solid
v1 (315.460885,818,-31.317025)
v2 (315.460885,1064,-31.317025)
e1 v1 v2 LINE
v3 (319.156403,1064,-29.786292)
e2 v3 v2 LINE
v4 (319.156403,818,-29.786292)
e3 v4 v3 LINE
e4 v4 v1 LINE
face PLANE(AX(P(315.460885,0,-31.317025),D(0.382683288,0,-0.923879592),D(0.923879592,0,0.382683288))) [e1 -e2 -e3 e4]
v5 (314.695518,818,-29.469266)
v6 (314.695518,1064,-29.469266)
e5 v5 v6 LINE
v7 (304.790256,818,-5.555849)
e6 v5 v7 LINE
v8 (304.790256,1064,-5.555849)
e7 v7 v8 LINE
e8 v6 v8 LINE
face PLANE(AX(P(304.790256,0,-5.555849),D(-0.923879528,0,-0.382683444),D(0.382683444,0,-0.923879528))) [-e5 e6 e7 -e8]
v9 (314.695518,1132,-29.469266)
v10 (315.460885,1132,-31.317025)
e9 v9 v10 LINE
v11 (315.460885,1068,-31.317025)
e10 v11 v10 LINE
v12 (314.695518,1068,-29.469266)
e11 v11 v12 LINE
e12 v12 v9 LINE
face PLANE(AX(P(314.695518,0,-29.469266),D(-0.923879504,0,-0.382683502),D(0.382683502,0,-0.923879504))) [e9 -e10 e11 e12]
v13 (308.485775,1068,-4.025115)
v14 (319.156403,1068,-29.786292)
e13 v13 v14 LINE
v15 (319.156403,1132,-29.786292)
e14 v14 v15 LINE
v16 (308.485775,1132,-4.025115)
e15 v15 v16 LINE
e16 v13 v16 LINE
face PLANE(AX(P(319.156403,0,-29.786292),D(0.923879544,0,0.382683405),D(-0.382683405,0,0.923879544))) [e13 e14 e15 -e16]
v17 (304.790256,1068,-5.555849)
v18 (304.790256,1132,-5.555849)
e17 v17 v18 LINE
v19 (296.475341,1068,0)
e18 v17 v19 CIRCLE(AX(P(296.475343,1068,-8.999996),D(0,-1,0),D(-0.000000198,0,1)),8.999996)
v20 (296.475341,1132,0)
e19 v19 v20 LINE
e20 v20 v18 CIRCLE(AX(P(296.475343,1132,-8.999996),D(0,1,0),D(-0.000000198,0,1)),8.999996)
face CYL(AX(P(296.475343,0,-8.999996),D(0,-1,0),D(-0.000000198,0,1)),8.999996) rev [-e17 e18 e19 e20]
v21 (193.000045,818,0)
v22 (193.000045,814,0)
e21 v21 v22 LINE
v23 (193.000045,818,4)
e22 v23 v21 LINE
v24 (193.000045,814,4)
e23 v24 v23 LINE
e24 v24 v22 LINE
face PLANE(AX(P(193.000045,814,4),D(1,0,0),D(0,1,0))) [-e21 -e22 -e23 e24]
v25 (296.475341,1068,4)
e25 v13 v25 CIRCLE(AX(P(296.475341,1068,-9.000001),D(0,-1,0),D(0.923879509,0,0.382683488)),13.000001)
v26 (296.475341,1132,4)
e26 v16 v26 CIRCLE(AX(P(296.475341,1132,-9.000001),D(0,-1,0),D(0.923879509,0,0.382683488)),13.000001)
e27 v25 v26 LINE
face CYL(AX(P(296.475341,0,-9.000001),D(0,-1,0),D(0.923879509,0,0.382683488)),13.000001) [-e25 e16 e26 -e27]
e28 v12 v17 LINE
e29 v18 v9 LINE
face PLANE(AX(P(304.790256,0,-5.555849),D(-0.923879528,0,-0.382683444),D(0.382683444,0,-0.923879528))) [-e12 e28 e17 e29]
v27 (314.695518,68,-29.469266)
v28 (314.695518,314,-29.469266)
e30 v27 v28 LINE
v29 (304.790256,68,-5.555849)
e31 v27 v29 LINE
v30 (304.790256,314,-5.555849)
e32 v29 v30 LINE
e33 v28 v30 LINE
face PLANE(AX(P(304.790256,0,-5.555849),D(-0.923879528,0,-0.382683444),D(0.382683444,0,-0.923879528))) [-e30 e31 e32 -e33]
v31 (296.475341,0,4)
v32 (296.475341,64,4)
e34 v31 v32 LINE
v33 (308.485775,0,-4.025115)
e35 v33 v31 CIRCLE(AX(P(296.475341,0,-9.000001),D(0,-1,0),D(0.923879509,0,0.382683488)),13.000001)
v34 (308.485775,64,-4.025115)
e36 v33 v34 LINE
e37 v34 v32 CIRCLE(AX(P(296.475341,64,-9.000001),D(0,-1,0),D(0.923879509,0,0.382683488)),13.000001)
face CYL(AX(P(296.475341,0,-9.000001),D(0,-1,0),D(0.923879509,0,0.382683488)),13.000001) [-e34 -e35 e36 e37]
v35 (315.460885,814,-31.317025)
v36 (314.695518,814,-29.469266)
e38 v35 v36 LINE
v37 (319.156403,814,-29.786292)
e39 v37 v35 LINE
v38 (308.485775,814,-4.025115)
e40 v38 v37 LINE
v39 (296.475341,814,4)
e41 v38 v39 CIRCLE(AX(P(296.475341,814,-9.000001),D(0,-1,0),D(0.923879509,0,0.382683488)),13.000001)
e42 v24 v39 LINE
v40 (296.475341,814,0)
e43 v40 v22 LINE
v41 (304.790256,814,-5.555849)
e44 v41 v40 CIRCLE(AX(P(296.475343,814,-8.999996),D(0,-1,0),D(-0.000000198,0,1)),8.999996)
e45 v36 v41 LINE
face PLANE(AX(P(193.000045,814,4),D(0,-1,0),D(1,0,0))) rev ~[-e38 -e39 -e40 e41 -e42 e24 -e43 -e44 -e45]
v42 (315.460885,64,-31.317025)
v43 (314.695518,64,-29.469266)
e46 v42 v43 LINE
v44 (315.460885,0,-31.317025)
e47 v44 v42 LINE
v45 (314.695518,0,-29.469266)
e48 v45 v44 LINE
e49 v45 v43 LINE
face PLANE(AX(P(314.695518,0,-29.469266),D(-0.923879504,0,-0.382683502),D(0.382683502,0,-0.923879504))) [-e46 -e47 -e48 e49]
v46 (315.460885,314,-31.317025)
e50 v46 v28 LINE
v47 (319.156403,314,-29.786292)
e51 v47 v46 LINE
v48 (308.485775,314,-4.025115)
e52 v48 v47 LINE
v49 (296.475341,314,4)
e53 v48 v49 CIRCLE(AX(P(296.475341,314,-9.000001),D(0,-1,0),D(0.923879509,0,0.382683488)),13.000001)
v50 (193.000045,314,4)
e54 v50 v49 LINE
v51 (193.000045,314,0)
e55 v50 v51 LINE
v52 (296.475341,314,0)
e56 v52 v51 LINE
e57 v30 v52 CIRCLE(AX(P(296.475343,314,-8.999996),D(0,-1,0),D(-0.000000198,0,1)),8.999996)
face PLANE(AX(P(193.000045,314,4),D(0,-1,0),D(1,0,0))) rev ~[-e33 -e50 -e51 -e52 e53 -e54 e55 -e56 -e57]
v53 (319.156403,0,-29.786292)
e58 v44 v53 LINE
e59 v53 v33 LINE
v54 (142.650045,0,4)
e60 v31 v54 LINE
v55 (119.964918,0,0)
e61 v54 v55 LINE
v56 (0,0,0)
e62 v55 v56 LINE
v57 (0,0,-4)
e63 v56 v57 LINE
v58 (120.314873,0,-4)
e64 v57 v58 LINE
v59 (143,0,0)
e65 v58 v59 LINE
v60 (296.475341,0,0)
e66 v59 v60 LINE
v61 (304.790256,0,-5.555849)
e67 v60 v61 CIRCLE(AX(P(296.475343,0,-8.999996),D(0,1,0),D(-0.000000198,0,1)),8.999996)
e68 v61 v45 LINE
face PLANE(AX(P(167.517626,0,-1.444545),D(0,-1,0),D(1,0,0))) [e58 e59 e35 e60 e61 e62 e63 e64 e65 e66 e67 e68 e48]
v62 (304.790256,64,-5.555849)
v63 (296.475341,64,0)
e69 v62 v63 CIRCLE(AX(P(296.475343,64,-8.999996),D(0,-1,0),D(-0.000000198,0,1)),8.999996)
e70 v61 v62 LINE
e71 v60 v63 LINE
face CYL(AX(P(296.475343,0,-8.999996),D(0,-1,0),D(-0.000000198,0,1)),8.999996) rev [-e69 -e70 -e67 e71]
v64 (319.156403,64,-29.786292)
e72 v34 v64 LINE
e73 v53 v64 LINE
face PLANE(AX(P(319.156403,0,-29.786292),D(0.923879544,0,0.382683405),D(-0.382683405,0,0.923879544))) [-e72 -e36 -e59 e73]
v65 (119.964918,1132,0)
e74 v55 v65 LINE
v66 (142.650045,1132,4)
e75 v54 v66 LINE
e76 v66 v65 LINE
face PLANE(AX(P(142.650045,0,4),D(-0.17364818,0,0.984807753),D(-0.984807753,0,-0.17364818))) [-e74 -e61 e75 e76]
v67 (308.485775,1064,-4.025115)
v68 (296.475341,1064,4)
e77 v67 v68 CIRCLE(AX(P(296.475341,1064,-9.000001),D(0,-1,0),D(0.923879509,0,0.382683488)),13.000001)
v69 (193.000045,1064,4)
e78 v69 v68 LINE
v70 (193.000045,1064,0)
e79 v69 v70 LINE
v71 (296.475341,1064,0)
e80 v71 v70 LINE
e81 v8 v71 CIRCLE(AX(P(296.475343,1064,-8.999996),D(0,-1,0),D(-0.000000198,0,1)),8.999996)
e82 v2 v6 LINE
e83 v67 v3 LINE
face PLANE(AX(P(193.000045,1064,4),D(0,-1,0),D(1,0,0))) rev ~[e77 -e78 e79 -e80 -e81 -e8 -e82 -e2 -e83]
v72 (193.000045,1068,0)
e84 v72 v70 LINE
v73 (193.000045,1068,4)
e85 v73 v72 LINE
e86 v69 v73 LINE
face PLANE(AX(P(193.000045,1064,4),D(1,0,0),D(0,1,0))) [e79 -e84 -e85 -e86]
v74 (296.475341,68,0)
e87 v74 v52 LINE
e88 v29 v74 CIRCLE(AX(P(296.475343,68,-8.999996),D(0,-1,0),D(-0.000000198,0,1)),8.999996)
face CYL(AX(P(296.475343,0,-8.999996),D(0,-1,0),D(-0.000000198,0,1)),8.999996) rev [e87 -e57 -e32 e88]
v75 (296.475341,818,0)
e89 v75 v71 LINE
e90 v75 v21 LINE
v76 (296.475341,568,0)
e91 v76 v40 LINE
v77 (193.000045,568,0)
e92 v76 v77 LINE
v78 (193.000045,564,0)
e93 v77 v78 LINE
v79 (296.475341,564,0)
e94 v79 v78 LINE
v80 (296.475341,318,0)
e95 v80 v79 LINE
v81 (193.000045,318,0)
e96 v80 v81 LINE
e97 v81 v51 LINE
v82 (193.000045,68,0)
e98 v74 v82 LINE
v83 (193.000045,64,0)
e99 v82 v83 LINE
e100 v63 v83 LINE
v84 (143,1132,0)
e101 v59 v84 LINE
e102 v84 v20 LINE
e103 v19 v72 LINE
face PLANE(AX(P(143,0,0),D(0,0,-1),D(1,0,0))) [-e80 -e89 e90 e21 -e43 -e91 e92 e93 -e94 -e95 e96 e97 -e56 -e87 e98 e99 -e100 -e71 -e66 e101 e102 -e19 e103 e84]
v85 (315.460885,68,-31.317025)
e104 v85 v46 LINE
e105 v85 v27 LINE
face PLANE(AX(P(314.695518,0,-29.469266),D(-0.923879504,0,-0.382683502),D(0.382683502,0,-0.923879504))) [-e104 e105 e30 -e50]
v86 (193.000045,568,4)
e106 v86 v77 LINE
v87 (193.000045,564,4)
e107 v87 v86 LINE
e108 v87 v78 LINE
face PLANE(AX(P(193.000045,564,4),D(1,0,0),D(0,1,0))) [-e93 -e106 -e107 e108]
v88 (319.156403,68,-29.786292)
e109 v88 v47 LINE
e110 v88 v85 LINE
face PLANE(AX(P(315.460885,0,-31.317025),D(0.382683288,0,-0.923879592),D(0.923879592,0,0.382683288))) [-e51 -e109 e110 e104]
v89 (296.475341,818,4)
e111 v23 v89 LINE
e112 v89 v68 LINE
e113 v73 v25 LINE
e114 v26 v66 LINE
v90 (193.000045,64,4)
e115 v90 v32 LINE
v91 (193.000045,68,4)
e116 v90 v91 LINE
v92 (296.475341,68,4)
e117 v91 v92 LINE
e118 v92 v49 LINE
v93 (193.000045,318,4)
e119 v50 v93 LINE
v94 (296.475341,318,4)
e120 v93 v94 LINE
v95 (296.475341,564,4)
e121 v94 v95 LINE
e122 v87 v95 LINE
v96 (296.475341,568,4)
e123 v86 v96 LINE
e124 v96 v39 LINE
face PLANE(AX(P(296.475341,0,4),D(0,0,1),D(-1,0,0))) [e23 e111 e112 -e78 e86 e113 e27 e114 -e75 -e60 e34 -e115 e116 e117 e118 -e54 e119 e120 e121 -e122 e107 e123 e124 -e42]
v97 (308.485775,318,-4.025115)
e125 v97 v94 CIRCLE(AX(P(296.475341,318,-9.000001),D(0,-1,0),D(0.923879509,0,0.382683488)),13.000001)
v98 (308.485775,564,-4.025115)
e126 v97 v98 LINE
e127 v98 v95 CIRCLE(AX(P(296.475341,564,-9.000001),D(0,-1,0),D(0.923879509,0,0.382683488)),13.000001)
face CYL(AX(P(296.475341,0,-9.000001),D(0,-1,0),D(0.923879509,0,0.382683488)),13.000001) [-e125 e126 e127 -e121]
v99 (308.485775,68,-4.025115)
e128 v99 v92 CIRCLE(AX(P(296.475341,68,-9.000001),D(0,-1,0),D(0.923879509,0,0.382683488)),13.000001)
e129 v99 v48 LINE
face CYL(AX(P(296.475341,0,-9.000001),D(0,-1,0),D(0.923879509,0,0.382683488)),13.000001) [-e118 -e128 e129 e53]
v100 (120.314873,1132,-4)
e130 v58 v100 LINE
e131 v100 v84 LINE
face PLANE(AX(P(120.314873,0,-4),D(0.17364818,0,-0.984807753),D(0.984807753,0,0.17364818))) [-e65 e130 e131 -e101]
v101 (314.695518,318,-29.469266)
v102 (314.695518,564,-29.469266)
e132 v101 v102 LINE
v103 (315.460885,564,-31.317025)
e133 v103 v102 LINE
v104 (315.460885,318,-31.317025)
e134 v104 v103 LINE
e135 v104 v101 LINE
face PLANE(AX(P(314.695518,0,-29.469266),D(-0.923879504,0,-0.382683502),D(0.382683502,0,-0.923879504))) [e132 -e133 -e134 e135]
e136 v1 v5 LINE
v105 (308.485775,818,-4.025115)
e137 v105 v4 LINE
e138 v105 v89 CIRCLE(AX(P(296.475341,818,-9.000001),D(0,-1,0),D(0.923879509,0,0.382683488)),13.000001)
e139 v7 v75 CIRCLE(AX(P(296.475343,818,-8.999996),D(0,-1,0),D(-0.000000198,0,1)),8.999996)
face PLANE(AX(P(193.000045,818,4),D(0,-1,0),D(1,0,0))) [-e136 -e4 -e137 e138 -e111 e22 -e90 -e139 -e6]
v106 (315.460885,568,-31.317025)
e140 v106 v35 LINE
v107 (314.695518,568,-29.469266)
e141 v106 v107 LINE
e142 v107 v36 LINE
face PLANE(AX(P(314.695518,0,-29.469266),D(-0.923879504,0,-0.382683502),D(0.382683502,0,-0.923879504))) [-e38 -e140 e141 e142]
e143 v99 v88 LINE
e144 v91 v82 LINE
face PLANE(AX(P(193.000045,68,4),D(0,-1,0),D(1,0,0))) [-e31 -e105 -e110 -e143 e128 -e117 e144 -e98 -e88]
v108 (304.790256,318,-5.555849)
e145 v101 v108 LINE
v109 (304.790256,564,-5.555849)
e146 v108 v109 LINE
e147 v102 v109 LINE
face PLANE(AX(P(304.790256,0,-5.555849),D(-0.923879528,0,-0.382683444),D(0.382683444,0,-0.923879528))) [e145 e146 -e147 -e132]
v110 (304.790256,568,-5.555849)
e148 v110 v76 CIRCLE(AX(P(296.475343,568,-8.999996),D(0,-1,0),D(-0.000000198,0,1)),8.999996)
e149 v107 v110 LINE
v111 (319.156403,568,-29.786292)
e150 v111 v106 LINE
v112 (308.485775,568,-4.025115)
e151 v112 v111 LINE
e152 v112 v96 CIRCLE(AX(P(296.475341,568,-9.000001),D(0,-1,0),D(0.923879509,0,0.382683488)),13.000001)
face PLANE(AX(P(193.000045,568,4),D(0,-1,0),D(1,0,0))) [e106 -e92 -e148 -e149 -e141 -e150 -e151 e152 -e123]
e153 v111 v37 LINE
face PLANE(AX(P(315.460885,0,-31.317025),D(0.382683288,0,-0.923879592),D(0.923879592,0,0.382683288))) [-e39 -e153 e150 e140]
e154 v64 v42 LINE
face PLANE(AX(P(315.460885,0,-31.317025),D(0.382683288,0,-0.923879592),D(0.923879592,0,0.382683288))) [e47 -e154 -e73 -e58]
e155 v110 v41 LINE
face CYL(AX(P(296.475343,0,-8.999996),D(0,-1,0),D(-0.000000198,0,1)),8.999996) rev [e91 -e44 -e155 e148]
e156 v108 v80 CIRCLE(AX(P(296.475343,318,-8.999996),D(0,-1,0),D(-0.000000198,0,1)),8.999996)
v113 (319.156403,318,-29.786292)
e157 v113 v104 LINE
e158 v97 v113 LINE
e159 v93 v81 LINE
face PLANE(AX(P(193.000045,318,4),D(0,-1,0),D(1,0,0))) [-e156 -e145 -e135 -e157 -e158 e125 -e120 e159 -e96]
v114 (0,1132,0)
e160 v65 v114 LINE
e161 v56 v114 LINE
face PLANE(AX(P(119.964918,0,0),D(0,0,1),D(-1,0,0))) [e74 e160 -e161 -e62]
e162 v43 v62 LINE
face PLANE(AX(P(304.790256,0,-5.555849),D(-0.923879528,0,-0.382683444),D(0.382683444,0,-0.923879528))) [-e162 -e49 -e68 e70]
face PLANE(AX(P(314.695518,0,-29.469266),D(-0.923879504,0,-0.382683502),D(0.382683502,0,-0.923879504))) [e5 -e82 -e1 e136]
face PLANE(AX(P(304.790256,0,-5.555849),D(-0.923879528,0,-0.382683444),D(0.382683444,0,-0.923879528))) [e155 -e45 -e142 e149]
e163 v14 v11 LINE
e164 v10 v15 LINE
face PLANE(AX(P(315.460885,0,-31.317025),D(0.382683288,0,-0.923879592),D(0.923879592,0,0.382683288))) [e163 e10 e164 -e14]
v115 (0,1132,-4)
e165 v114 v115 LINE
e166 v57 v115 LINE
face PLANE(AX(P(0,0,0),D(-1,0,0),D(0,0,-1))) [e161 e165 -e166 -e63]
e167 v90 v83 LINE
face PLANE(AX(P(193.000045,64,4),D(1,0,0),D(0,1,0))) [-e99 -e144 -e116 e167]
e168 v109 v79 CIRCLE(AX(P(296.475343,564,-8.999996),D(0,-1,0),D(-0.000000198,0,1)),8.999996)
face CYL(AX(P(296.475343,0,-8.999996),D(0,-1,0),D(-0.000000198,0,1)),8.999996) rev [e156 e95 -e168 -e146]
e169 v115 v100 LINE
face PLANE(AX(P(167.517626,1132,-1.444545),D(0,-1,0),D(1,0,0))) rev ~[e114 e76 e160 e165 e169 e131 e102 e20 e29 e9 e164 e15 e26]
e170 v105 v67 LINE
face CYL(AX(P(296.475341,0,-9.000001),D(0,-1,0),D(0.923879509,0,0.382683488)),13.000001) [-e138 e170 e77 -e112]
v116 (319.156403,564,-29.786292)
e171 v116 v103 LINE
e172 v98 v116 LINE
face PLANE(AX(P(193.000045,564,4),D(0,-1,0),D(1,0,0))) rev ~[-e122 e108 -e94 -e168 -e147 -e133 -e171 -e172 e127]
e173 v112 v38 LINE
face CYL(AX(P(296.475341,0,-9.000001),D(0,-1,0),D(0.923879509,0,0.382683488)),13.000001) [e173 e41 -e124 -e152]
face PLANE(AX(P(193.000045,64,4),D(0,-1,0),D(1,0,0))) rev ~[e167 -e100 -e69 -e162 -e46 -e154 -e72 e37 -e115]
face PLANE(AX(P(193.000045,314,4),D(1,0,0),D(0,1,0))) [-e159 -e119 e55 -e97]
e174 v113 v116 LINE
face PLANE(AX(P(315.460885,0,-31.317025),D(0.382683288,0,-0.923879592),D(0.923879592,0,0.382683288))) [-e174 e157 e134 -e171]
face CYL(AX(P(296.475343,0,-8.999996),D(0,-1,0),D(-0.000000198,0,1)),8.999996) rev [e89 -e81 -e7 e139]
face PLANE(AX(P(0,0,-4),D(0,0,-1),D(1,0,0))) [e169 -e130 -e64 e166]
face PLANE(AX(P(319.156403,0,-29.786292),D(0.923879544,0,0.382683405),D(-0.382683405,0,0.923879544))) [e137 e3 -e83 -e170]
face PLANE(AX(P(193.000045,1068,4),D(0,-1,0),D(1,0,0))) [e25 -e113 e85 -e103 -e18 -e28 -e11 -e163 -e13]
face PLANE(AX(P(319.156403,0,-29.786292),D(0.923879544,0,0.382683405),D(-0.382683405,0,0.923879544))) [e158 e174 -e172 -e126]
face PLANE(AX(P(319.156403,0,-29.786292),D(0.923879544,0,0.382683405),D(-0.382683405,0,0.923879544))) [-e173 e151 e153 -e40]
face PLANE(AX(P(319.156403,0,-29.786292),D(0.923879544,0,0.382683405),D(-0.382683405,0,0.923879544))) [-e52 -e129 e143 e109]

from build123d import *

# Parameters (mm, degrees)
F1_DEPTH = 1132
F2_W     = 141.117851
F2_H     = 4
F3_DEPTH = 35.318025


with BuildPart() as f1:
    # F0 (on Front) → F1 (new body)
    with BuildSketch(Plane.XZ):
        with BuildLine():
            Line((119.964918, 0), (0, 0))
            Line((0, 0), (0, -4))
            Line((0, -4), (120.314873, -4))
            Line((120.314873, -4), (143, 0))
            Line((143, 0), (296.475341, 0))
            ThreePointArc((296.475341, 0), (301.475473, -1.516773), (304.790256, -5.555849))
            Line((304.790256, -5.555849), (314.695518, -29.469266))
            Line((314.695518, -29.469266), (315.460885, -31.317025))
            Line((315.460885, -31.317025), (319.156403, -29.786292))
            Line((319.156403, -29.786292), (308.485775, -4.025115))
            ThreePointArc((308.485775, -4.025115), (303.697754, 1.809105), (296.475341, 4))
            Line((296.475341, 4), (142.650045, 4))
            Line((142.650045, 4), (119.964918, 0))
        make_face()
    extrude(amount=-F1_DEPTH)

    # F2 (on face) → F3 (cut, through all)
    with BuildSketch(Plane.XY.offset(4)):
        with Locations((263.55897, 66)):
            Rectangle(F2_W, F2_H)
        with Locations((263.55897, 316)):
            Rectangle(F2_W, F2_H)
        with Locations((263.55897, 566)):
            Rectangle(F2_W, F2_H)
        with Locations((263.55897, 816)):
            Rectangle(F2_W, F2_H)
        with Locations((263.55897, 1066)):
            Rectangle(F2_W, F2_H)
    extrude(amount=-F3_DEPTH, mode=Mode.SUBTRACT)


solid = f1.part
